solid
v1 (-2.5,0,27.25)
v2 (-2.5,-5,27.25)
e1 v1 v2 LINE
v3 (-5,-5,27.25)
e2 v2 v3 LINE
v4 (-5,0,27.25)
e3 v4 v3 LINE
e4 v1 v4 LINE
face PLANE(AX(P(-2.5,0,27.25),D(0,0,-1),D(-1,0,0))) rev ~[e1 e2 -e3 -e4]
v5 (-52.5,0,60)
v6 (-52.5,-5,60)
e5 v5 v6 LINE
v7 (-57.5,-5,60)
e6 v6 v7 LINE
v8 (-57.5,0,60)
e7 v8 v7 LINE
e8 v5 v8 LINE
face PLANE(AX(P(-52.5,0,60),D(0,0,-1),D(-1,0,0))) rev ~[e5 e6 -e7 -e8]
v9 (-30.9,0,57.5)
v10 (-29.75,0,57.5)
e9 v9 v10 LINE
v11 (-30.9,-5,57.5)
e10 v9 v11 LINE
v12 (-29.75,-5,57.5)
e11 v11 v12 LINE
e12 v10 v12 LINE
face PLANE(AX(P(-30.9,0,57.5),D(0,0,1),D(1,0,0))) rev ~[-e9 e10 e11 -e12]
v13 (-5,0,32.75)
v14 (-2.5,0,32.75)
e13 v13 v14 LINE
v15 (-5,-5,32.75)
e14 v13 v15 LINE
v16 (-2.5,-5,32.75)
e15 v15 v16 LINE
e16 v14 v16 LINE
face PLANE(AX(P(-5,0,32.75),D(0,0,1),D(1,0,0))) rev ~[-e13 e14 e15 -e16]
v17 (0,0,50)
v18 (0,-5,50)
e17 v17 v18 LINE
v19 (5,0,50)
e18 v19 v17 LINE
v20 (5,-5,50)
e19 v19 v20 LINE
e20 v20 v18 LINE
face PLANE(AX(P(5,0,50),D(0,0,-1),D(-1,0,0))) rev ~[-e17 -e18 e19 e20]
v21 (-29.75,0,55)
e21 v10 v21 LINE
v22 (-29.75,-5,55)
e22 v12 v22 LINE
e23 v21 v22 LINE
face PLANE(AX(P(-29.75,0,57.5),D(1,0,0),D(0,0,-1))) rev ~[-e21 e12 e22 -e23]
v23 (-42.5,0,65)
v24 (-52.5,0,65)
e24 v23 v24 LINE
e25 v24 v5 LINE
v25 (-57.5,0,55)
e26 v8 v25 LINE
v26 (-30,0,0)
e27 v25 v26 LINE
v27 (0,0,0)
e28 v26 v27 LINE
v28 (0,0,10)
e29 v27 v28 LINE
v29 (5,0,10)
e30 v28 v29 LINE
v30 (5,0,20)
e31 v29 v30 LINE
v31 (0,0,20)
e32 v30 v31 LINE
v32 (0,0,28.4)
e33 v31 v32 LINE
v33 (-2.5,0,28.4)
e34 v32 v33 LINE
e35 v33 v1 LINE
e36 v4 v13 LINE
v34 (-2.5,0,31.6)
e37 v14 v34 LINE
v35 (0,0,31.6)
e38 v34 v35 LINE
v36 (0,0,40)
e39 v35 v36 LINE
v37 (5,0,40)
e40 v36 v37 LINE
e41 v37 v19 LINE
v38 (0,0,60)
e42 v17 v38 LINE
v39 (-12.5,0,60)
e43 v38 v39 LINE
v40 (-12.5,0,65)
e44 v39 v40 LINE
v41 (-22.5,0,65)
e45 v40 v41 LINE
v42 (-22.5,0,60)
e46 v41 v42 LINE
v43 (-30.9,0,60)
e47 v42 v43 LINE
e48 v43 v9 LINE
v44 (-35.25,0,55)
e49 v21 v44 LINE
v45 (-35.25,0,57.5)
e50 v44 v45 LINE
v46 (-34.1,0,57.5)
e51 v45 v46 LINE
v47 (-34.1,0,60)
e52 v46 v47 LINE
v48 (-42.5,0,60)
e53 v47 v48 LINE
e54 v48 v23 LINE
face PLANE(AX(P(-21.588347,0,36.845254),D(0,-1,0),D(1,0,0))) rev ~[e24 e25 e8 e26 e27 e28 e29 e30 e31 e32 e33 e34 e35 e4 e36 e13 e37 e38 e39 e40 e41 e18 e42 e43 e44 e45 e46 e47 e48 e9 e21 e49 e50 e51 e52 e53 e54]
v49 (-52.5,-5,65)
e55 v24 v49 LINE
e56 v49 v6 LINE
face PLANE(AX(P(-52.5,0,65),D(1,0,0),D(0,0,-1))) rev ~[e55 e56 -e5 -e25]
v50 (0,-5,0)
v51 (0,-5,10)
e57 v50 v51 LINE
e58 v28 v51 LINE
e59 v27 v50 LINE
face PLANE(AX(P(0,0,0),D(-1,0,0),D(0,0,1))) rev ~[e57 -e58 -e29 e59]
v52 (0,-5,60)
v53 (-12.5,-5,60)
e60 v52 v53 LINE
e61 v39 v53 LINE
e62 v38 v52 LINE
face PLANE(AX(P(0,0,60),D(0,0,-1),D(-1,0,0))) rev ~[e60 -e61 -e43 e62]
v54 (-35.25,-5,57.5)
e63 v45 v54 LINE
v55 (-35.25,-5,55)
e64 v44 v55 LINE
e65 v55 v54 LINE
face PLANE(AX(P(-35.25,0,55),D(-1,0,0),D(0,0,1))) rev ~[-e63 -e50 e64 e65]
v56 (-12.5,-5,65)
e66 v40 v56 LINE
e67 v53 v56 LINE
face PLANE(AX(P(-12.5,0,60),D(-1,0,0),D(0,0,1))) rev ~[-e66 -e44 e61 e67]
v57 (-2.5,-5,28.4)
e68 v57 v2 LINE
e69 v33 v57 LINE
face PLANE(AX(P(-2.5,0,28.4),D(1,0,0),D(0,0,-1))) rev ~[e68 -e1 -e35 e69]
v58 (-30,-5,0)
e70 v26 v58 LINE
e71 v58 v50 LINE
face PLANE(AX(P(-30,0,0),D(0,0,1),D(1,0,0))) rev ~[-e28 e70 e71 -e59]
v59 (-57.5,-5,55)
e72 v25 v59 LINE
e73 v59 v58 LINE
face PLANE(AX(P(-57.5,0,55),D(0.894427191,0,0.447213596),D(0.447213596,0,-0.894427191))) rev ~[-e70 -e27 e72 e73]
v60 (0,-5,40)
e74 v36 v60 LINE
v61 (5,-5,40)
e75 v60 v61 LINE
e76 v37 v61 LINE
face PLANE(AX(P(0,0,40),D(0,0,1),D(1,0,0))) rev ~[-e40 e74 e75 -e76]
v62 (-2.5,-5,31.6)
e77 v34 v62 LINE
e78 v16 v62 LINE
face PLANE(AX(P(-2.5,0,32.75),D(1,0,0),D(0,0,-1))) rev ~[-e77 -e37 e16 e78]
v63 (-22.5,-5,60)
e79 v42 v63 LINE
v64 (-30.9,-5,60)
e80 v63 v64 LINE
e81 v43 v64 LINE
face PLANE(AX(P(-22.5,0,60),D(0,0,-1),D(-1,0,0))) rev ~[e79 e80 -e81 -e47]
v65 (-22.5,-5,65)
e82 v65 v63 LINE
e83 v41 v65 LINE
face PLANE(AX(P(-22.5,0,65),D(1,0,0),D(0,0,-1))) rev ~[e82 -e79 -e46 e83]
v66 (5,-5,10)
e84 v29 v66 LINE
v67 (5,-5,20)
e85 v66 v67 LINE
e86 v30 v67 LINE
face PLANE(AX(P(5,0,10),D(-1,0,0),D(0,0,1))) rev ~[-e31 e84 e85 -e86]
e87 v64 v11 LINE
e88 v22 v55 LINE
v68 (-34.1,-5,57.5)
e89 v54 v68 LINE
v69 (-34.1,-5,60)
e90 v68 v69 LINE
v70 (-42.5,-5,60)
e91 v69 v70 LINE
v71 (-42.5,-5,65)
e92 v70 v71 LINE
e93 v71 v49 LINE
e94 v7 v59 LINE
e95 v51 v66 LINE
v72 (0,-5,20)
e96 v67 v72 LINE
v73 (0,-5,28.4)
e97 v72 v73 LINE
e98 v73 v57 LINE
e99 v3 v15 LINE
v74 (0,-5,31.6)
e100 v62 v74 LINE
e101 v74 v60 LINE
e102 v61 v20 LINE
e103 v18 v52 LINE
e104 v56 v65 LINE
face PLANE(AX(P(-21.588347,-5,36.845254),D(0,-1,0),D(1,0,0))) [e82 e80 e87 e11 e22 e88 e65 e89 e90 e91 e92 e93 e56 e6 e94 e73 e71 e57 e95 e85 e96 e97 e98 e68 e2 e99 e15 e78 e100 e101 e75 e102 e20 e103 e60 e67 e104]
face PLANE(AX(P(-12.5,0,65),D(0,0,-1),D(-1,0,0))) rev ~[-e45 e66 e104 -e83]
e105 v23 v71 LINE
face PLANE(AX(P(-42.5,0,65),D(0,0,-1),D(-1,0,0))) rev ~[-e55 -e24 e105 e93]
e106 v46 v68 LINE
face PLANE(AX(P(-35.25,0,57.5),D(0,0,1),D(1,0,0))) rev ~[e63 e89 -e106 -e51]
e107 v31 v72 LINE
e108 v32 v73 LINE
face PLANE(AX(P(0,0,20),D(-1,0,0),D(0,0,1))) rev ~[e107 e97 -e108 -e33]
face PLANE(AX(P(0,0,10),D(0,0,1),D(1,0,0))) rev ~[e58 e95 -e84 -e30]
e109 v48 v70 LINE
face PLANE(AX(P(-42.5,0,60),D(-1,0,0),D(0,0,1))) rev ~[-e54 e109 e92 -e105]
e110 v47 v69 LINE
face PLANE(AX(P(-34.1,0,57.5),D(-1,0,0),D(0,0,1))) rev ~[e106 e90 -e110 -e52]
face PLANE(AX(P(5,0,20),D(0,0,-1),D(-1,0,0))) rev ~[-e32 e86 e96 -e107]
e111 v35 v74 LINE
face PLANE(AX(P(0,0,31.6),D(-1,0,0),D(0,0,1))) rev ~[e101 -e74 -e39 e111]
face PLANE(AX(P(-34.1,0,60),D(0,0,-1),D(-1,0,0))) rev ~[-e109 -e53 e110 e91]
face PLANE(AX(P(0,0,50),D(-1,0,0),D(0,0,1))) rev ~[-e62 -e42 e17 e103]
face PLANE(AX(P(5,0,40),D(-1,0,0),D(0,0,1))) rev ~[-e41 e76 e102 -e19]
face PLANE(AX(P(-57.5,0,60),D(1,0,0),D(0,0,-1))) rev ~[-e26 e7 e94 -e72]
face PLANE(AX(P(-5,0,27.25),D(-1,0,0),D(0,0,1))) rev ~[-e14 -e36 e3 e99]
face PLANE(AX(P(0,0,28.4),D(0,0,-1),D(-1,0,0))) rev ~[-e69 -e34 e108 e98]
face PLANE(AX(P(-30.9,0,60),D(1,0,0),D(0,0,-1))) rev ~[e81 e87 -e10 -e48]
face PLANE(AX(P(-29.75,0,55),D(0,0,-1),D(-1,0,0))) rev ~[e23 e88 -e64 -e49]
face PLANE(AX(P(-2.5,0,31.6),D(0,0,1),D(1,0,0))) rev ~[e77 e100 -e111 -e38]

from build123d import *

# Parameters (mm, degrees)
F2_DEPTH = 5


with BuildPart() as f2:
    # F1 (on Front) → F2 (new body)
    with BuildSketch(Plane.XZ):
        Polygon((-30, 0), (0, 0), (0, 10), (5, 10), (5, 20), (0, 20), (0, 28.4), (-2.5, 28.4), (-2.5, 27.25), (-5, 27.25), (-5, 30), (-5, 32.75), (-2.5, 32.75), (-2.5, 31.6), (0, 31.6), (0, 40), (5, 40), (5, 50), (0, 50), (0, 60), (-12.5, 60), (-12.5, 65), (-22.5, 65), (-22.5, 60), (-30.9, 60), (-30.9, 57.5), (-29.75, 57.5), (-29.75, 55), (-32.5, 55), (-35.25, 55), (-35.25, 57.5), (-34.1, 57.5), (-34.1, 60), (-42.5, 60), (-42.5, 65), (-52.5, 65), (-52.5, 60), (-57.5, 60), (-57.5, 55), align=None)
    extrude(amount=F2_DEPTH)


solid = f2.part
